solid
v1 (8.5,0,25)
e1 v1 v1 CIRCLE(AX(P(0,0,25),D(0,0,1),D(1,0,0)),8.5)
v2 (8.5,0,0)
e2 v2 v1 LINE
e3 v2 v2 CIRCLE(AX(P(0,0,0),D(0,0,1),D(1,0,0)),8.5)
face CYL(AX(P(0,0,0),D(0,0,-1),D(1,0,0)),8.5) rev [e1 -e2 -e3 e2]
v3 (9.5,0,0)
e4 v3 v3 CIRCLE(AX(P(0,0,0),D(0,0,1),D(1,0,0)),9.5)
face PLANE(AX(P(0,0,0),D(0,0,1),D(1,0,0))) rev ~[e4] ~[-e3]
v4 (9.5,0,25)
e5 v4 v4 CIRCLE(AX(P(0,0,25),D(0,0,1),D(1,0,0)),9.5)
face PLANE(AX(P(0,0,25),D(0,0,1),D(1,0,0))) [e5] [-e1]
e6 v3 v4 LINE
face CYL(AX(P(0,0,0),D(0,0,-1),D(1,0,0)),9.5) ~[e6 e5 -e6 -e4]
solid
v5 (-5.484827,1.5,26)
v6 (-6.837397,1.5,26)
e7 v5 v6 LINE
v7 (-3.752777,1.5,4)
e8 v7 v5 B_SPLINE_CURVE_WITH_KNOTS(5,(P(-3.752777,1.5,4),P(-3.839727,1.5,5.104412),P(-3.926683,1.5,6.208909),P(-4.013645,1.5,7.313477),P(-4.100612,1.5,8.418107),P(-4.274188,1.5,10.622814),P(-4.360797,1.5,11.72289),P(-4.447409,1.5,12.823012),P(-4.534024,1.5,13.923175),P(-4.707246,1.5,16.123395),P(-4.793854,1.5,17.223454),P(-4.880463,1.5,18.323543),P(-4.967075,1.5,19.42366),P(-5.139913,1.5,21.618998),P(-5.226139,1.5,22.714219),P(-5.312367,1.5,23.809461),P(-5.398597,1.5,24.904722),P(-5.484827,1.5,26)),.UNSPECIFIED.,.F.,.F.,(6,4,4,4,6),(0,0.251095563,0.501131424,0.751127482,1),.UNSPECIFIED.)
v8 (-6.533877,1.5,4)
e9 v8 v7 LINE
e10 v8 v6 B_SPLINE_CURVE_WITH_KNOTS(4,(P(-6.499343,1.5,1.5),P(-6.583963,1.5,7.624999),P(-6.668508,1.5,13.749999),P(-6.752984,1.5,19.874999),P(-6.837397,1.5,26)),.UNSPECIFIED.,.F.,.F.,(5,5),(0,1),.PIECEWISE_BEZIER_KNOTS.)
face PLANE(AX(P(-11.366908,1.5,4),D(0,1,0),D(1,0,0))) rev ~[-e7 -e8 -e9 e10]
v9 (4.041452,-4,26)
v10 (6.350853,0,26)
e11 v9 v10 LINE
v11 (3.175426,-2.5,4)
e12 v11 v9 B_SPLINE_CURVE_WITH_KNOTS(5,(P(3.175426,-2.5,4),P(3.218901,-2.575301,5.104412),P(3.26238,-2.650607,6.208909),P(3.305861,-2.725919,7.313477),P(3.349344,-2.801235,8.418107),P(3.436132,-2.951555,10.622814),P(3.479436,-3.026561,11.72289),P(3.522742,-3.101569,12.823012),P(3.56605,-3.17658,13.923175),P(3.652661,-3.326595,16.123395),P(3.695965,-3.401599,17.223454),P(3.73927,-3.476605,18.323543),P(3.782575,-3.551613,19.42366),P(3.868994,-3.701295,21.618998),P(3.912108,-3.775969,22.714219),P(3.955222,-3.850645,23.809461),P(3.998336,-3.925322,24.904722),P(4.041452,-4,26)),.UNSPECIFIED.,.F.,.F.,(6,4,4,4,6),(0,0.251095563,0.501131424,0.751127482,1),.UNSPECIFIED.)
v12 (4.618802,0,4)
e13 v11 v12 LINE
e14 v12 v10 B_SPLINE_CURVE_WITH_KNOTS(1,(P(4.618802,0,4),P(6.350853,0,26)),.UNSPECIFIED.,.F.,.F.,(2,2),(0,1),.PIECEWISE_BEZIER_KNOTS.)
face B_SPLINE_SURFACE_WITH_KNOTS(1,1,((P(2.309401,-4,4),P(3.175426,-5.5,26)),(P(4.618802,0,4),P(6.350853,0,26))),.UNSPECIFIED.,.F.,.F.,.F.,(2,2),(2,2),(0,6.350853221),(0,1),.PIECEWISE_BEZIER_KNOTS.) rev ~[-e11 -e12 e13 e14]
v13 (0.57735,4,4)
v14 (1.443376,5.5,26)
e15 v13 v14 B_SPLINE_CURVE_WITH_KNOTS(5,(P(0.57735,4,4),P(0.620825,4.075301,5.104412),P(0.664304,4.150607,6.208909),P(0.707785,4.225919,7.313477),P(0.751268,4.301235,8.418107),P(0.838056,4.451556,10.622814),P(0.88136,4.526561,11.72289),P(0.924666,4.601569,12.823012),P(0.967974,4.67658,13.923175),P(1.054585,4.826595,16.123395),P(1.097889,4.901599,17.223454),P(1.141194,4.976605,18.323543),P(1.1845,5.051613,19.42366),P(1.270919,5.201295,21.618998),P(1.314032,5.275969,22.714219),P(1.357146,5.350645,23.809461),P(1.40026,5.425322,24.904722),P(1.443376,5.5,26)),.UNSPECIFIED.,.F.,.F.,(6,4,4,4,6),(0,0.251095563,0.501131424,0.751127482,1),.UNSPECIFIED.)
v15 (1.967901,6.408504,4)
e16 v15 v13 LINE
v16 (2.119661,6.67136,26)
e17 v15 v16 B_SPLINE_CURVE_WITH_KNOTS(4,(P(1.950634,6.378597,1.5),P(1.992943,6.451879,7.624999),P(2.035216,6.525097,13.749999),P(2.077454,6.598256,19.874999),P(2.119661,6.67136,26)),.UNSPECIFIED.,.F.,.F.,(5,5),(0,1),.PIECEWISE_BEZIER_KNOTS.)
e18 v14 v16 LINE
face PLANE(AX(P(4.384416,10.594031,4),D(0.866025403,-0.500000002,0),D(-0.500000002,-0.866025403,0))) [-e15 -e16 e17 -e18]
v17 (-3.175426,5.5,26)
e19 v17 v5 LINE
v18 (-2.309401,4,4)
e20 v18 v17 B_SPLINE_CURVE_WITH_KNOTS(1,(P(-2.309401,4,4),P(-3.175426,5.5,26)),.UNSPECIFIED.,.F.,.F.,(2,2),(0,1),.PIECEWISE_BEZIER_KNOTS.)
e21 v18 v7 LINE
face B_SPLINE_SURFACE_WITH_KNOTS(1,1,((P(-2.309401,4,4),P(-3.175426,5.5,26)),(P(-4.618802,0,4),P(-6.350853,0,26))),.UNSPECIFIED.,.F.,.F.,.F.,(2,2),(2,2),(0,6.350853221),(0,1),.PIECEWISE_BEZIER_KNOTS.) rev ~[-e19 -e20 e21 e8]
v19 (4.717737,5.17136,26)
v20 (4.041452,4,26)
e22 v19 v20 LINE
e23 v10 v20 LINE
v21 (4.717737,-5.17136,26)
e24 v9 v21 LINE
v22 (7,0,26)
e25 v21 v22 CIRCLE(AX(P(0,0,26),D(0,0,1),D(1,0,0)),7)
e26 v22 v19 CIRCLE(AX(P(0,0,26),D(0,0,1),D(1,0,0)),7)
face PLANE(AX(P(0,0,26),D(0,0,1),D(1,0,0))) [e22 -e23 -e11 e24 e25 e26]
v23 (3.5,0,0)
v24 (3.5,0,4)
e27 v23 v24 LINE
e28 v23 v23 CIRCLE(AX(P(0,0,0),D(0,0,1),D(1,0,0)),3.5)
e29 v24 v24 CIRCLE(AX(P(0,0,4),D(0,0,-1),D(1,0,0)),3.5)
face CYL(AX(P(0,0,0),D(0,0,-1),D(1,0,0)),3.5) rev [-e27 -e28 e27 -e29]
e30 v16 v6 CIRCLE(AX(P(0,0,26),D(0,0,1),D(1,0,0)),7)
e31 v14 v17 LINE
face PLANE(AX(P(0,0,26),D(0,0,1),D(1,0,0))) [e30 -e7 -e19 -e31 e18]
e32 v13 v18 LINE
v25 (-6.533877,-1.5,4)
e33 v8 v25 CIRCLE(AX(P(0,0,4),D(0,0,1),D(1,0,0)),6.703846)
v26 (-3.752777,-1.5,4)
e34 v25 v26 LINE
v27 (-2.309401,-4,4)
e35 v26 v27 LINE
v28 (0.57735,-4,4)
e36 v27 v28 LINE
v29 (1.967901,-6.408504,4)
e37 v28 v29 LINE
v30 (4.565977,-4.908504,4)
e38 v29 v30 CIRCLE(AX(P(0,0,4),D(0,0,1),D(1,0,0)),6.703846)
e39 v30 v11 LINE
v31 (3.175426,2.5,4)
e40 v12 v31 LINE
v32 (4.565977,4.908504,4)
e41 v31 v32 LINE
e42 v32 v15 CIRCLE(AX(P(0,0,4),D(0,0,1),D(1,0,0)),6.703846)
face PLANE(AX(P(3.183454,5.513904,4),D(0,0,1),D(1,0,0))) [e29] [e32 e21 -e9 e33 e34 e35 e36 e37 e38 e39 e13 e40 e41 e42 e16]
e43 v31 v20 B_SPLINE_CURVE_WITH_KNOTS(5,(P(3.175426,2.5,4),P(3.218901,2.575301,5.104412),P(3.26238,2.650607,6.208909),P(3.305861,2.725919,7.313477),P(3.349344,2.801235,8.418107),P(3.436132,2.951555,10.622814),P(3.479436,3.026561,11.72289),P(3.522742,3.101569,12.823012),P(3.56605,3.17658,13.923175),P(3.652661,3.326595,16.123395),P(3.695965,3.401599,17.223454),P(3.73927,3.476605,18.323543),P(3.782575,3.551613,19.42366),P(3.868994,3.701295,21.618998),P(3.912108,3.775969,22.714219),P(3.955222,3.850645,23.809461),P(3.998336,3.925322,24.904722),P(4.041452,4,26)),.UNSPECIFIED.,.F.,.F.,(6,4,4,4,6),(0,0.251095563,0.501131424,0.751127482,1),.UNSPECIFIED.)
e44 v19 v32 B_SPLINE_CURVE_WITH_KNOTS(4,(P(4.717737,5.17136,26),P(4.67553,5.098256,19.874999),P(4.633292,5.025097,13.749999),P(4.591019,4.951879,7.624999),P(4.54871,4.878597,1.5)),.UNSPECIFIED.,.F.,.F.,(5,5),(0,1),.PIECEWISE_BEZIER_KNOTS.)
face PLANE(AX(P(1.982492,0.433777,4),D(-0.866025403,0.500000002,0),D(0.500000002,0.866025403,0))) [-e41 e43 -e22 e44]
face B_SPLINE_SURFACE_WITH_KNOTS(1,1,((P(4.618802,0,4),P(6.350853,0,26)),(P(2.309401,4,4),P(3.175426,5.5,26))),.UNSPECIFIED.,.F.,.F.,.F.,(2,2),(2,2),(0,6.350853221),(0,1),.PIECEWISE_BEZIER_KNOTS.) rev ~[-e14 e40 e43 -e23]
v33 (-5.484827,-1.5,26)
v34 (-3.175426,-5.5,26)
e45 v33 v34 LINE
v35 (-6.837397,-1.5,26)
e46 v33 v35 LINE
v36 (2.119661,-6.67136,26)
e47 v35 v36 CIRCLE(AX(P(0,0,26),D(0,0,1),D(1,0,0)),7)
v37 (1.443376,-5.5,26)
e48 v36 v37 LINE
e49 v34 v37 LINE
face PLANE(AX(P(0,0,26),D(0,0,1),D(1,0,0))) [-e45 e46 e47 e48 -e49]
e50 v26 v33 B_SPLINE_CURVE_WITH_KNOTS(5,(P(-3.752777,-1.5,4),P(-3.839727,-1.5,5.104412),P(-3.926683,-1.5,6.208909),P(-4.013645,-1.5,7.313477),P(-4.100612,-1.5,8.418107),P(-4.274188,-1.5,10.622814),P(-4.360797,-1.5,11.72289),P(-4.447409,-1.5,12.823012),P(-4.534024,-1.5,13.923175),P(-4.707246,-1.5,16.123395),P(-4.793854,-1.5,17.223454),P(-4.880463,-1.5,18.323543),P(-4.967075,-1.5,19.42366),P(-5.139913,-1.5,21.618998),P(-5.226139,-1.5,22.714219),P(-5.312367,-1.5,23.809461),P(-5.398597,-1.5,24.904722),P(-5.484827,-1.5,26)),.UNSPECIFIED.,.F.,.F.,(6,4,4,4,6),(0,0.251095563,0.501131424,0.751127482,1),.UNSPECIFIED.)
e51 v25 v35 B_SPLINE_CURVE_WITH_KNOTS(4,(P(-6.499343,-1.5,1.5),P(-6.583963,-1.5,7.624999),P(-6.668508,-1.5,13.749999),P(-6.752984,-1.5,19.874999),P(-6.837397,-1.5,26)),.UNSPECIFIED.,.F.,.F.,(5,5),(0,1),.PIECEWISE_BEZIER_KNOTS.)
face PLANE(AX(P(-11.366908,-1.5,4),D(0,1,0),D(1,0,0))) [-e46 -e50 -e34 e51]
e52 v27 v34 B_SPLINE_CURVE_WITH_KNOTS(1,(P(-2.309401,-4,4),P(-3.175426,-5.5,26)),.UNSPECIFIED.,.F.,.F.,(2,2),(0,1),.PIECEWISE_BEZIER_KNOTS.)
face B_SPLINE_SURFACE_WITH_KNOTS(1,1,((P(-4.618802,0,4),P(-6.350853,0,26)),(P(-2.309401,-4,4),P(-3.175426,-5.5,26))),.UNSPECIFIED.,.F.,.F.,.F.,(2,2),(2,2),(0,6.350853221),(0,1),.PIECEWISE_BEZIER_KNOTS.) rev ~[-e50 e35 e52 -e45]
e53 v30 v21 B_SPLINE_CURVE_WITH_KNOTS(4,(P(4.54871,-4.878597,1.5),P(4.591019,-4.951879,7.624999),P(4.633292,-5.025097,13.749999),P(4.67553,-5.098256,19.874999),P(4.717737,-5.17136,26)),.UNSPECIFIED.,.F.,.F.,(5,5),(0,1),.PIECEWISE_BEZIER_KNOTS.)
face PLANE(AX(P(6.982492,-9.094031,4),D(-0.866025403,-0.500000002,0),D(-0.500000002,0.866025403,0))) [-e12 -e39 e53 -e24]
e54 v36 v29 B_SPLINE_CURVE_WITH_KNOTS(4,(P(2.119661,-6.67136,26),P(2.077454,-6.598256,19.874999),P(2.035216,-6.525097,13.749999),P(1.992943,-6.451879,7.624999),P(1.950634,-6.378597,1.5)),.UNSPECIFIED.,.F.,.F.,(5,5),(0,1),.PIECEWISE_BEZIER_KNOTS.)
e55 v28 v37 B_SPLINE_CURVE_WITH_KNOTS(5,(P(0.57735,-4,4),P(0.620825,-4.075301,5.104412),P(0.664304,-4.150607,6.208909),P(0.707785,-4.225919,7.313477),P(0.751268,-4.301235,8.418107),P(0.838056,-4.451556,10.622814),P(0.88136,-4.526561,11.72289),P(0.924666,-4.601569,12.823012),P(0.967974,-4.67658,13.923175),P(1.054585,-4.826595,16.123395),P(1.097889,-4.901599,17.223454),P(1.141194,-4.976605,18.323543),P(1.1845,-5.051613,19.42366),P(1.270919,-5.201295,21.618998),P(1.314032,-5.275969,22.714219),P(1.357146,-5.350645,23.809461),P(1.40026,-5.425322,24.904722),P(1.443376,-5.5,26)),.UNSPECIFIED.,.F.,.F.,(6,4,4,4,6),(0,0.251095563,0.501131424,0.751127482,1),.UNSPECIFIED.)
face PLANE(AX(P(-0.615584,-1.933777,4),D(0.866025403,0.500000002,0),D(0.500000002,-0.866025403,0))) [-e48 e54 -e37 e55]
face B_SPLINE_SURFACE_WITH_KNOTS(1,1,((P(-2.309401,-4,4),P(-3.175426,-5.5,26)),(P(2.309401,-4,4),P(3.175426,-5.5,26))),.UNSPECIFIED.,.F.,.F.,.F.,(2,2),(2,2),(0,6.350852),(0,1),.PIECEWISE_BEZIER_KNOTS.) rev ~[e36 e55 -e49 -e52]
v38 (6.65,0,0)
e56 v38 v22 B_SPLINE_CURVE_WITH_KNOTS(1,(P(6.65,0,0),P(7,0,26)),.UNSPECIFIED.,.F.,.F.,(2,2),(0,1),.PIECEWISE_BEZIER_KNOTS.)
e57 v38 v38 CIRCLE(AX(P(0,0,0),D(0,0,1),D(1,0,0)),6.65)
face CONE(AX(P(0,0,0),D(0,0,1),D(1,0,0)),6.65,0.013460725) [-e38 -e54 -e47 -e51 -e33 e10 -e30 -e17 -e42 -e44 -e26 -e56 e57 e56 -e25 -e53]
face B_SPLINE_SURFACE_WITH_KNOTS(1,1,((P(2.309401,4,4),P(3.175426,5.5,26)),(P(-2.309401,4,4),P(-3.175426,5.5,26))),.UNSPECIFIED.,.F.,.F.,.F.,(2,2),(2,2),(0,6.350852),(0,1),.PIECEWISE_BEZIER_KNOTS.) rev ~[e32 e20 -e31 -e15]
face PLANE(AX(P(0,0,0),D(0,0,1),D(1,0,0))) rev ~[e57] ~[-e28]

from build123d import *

# Parameters (mm, degrees)
F1_R      = 6.65
F3_R      = 7
F2_R      = 3.5
F5_DEPTH  = 32
F9_W      = 10
F9_H      = 3
F11_DEPTH = 25
F12_R     = 9.5
F12_R_2   = 8.5
F13_DEPTH = 25


with BuildPart() as f4:
    # F1 (on Top) → F4 section 0
    with BuildSketch(Plane.XY):
        Circle(F1_R)
    # F3 (on offset) → F4 section 1
    with BuildSketch(Plane.XY.offset(26)):
        Circle(F3_R)
    loft()

    # F2 (on Top) → F5 (cut)
    with BuildSketch(Plane.XY):
        Circle(F2_R)
    extrude(amount=F5_DEPTH, mode=Mode.SUBTRACT)

    # F7 (on offset) → F10 section 0
    with BuildSketch(Plane.XY.offset(4)):
        Polygon((-2.309401, 4), (-4.618802, 0), (-2.309401, -4), (2.309401, -4), (4.618802, 0), (2.309401, 4), align=None)
    # F8 (on offset) → F10 section 1
    with BuildSketch(Plane.XY.offset(26)):
        Polygon((6.350853, 0), (3.175426, 5.5), (-3.175426, 5.5), (-6.350853, 0), (-3.175426, -5.5), (3.175426, -5.5), align=None)
    loft(mode=Mode.SUBTRACT)

    # F9 (on offset) → F11 (cut)
    with BuildSketch(Plane.XY.offset(4)):
        with Locations((-6.366908, 0)):
            Rectangle(F9_W, F9_H)
        Polygon((-0.615584, -1.933777), (4.384416, -10.594031), (6.982492, -9.094031), (1.982492, -0.433777), align=None)
        Polygon((1.982492, 0.433777), (6.982492, 9.094031), (4.384416, 10.594031), (-0.615584, 1.933777), align=None)
    extrude(amount=F11_DEPTH, mode=Mode.SUBTRACT)


with BuildPart() as f13:
    # F12 (on Top) → F13 (new body)
    with BuildSketch(Plane.XY):
        Circle(F12_R)
        Circle(F12_R_2, mode=Mode.SUBTRACT)
    extrude(amount=F13_DEPTH)


solid = Compound([f4.part, f13.part])
